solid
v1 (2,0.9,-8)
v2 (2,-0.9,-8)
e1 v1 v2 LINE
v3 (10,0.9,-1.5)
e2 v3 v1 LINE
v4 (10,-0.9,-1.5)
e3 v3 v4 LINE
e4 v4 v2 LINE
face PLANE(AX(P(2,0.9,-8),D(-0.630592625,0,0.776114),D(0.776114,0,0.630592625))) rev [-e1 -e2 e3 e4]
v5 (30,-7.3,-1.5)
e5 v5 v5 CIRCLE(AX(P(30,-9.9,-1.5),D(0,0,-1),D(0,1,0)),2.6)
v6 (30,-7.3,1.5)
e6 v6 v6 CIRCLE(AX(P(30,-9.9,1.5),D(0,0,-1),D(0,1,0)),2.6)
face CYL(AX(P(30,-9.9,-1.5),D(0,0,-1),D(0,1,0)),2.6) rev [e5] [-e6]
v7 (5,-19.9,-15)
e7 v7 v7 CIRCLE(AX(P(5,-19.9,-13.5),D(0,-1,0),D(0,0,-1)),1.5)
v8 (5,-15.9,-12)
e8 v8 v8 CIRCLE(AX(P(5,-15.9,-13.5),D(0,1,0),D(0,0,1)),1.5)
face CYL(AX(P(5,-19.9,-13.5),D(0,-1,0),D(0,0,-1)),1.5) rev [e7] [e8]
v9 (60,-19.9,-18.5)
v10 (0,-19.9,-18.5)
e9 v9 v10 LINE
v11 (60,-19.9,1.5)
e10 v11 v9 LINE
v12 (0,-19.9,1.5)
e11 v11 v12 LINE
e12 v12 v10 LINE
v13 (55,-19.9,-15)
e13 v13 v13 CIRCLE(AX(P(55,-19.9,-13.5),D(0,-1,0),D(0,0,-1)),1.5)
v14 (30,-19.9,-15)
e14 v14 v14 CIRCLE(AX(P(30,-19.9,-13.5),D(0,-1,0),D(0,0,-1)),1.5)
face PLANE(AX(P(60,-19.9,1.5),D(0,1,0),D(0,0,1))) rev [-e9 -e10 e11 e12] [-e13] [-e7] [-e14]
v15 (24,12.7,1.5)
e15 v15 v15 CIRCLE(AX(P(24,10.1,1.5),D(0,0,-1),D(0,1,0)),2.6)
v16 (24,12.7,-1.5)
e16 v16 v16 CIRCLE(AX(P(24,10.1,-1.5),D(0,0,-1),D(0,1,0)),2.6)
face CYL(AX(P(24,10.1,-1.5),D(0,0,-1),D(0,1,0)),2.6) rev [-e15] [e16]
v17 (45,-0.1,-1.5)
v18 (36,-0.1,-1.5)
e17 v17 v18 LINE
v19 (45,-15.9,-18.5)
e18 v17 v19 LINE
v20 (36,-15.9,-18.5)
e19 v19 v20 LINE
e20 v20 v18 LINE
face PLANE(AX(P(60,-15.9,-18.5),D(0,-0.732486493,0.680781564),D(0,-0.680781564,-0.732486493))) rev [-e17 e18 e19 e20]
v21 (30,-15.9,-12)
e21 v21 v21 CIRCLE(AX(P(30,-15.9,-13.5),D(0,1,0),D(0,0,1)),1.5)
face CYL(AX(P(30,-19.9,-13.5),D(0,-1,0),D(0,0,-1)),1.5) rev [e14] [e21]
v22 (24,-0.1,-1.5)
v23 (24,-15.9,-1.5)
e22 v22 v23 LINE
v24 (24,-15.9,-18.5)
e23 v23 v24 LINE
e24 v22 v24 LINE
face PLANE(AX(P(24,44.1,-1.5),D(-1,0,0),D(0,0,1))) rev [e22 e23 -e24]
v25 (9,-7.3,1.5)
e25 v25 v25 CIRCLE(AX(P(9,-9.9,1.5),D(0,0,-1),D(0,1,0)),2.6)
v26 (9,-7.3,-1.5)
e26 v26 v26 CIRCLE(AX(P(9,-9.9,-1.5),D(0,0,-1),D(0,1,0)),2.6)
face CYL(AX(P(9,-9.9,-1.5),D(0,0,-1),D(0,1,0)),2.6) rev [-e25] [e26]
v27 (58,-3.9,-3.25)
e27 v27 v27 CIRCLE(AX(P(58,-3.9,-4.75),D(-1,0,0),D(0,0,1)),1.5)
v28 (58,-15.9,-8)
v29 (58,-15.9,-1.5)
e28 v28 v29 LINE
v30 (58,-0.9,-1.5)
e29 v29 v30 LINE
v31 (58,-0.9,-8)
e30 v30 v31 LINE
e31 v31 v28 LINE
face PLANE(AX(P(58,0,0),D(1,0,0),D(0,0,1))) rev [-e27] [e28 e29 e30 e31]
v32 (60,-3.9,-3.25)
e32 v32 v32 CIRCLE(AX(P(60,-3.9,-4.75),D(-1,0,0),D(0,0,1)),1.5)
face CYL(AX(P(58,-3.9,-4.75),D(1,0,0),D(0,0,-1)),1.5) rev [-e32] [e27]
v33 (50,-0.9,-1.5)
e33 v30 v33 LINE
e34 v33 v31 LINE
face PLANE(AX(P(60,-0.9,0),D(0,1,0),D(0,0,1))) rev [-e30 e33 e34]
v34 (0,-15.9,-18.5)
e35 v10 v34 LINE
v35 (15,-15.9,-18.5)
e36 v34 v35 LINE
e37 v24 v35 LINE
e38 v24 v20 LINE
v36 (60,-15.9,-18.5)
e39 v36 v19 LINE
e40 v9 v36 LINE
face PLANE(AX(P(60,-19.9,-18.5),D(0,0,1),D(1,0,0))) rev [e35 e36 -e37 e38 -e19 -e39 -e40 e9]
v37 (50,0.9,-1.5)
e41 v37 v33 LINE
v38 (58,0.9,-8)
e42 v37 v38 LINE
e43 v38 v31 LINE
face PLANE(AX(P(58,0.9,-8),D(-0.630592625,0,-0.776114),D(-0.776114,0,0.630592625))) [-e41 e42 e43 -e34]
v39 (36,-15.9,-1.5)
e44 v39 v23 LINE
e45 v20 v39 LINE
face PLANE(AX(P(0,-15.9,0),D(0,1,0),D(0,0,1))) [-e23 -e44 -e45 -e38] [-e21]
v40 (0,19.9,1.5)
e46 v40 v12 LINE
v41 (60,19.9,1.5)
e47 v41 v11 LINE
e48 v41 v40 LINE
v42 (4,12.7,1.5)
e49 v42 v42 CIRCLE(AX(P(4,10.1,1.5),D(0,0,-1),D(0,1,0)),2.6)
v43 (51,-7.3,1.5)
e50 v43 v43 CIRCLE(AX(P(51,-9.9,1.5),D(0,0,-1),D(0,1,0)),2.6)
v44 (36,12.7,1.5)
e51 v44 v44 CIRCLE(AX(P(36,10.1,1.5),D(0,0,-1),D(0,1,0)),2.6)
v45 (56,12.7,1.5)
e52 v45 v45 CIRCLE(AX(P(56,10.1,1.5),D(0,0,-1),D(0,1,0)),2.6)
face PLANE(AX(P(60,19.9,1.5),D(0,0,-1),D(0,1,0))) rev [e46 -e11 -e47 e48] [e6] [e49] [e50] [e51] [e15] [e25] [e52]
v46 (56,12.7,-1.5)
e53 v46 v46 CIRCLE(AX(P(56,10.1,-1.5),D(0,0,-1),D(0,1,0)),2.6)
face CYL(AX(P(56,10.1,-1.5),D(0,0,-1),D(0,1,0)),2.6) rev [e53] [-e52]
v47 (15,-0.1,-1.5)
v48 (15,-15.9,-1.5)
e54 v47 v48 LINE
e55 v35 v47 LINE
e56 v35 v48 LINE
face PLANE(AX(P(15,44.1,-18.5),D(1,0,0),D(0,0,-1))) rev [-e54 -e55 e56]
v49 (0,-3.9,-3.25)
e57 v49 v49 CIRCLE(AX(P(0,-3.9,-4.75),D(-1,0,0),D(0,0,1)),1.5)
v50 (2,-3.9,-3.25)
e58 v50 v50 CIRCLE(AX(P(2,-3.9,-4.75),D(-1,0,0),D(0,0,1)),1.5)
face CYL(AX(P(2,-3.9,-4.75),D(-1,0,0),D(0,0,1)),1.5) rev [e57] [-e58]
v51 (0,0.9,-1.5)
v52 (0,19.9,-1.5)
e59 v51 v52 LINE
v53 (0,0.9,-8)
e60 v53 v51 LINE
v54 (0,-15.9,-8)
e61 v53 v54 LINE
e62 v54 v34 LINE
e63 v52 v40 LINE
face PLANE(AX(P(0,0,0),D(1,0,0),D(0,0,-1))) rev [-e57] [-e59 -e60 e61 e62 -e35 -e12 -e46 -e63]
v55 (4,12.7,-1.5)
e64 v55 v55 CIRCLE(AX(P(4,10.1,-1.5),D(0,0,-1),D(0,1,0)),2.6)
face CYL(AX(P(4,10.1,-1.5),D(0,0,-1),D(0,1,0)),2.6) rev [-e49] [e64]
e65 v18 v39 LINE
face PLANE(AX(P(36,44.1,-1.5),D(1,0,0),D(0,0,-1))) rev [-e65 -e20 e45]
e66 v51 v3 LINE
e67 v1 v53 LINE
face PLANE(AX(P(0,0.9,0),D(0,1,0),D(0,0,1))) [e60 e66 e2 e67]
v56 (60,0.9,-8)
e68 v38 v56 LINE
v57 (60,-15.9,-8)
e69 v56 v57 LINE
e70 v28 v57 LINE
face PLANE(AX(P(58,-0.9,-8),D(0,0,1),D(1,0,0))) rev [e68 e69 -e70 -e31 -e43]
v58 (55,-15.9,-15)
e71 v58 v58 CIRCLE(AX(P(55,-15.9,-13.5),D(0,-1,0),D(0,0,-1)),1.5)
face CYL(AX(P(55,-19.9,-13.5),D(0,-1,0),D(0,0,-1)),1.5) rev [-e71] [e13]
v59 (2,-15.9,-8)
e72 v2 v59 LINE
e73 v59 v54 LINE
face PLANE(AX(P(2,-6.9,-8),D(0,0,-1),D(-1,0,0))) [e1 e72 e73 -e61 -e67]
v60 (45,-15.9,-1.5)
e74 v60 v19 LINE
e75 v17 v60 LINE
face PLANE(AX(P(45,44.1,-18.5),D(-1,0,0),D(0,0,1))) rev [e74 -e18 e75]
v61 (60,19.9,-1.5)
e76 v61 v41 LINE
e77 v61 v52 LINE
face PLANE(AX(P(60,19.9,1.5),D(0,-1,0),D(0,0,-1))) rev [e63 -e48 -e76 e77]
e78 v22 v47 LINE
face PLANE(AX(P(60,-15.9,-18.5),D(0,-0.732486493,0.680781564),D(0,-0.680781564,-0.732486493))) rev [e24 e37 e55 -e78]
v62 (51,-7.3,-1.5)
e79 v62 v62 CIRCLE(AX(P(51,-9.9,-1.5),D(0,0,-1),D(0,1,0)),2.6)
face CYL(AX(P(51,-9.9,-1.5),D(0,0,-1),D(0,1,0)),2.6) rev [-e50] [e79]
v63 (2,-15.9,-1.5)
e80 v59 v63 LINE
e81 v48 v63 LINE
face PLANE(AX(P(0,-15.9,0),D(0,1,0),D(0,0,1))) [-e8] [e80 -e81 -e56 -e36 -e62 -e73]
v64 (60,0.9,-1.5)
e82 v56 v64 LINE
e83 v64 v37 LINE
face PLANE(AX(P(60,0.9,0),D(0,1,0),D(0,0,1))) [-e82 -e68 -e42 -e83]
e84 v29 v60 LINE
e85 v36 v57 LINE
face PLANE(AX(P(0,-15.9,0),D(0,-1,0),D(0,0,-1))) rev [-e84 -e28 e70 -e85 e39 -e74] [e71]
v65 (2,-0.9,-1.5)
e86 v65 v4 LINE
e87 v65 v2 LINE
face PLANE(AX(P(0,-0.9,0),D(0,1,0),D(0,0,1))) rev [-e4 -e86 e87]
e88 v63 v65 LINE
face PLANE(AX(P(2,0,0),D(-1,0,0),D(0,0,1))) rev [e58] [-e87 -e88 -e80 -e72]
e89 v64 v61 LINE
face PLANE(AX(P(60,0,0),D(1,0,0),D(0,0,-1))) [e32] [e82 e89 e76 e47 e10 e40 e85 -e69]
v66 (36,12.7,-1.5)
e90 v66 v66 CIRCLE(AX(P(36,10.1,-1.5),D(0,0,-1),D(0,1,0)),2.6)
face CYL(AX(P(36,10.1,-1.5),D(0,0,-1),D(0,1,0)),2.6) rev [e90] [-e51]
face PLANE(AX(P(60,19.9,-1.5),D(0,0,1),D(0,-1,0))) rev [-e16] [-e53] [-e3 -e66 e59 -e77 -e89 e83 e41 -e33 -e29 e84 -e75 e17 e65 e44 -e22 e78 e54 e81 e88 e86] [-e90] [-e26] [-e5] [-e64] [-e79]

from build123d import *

# Parameters (mm, degrees)
EXTRUDE_1_DEPTH     = 60
SKETCH_2_W          = 15
SKETCH_2_H          = 17
SKETCH_2_W_2        = 12
CUT_EXTRUDE_1_DEPTH = 60
HOLE_WIZARD_1_D     = 5.2
HOLE_WIZARD_2_D     = 3
SKETCH_7_R          = 1.5
EXTRUDE_2_DEPTH     = 2
EXTRUDE_3_DEPTH     = 1.8
HOLE_WIZARD_3_D     = 5.2


with BuildPart() as part:
    # 草图1 → 凸台-拉伸1 (new body)
    with BuildSketch(Plane(origin=(0, 0, 0), x_dir=(0, 0, -1), z_dir=(1, 0, 0))):
        Polygon((-1.5, 19.9), (1.5, 19.9), (1.5, -0.1), (18.5, -15.9), (18.5, -19.9), (1.5, -19.9), (-1.5, -19.9), align=None)
    extrude(amount=EXTRUDE_1_DEPTH)

    # 草图2 → 切除-拉伸1 (cut)
    with BuildSketch(Plane(origin=(0, -15.9, 0), x_dir=(-1, 0, 0), z_dir=(0, -1, 0))):
        with Locations((-52.5, 10)):
            Rectangle(SKETCH_2_W, SKETCH_2_H)
        with Locations((-7.5, 10)):
            Rectangle(SKETCH_2_W, SKETCH_2_H)
        with Locations((-30, 10)):
            Rectangle(SKETCH_2_W_2, SKETCH_2_H)
    extrude(amount=-CUT_EXTRUDE_1_DEPTH, mode=Mode.SUBTRACT)

    # 孔1 (through all)
    with Locations(Plane(origin=(0, 0, -1.5), x_dir=(-1, 0, 0), z_dir=(0, 0, -1))):
        with Locations((-51, -9.9), (-30, -9.9), (-9, -9.9)):
            Hole(HOLE_WIZARD_1_D / 2)

    # 孔2 (through all)
    with Locations(Plane(origin=(0, -19.9, 0), x_dir=(-1, 0, 0), z_dir=(0, -1, 0))):
        with Locations((-55, 13.5), (-30, 13.5), (-5, 13.5)):
            Hole(HOLE_WIZARD_2_D / 2)

    # 草图7 → 凸台-拉伸2 (add)
    with BuildSketch(Plane.ZY):
        Polygon((-1.5, -0.9), (-8, -0.9), (-8, -6.9), (-8, -15.9), (-1.5, -15.9), (-1.5, -6.9), align=None)
        with Locations((-4.75, -3.9)):
            Circle(SKETCH_7_R, mode=Mode.SUBTRACT)
    extrude_2 = extrude(amount=-EXTRUDE_2_DEPTH)

    # 草图8 → 凸台-拉伸3 (add)
    with BuildSketch(Plane(origin=(0, -0.9, 0), x_dir=(1, 0, 0), z_dir=(0, 1, 0))):
        Polygon((2, 8), (10, 1.5), (2, 1.5), (0, 1.5), (0, 8), align=None)
    extrude_3 = extrude(amount=EXTRUDE_3_DEPTH)

    # 孔3 (through all)
    with Locations(Plane(origin=(56, 10.1, -1.5), x_dir=(0, -1, 0), z_dir=(0, 0, -1))):
        with Locations((0, 0), (0, 20), (0, 32), (0, 52)):
            Hole(HOLE_WIZARD_3_D / 2)

    # 镜向1: 凸台-拉伸2, 凸台-拉伸3 across plane
    add(extrude_2.mirror(Plane.ZY.offset(-30)))
    add(extrude_3.mirror(Plane.ZY.offset(-30)))


solid = part.part
